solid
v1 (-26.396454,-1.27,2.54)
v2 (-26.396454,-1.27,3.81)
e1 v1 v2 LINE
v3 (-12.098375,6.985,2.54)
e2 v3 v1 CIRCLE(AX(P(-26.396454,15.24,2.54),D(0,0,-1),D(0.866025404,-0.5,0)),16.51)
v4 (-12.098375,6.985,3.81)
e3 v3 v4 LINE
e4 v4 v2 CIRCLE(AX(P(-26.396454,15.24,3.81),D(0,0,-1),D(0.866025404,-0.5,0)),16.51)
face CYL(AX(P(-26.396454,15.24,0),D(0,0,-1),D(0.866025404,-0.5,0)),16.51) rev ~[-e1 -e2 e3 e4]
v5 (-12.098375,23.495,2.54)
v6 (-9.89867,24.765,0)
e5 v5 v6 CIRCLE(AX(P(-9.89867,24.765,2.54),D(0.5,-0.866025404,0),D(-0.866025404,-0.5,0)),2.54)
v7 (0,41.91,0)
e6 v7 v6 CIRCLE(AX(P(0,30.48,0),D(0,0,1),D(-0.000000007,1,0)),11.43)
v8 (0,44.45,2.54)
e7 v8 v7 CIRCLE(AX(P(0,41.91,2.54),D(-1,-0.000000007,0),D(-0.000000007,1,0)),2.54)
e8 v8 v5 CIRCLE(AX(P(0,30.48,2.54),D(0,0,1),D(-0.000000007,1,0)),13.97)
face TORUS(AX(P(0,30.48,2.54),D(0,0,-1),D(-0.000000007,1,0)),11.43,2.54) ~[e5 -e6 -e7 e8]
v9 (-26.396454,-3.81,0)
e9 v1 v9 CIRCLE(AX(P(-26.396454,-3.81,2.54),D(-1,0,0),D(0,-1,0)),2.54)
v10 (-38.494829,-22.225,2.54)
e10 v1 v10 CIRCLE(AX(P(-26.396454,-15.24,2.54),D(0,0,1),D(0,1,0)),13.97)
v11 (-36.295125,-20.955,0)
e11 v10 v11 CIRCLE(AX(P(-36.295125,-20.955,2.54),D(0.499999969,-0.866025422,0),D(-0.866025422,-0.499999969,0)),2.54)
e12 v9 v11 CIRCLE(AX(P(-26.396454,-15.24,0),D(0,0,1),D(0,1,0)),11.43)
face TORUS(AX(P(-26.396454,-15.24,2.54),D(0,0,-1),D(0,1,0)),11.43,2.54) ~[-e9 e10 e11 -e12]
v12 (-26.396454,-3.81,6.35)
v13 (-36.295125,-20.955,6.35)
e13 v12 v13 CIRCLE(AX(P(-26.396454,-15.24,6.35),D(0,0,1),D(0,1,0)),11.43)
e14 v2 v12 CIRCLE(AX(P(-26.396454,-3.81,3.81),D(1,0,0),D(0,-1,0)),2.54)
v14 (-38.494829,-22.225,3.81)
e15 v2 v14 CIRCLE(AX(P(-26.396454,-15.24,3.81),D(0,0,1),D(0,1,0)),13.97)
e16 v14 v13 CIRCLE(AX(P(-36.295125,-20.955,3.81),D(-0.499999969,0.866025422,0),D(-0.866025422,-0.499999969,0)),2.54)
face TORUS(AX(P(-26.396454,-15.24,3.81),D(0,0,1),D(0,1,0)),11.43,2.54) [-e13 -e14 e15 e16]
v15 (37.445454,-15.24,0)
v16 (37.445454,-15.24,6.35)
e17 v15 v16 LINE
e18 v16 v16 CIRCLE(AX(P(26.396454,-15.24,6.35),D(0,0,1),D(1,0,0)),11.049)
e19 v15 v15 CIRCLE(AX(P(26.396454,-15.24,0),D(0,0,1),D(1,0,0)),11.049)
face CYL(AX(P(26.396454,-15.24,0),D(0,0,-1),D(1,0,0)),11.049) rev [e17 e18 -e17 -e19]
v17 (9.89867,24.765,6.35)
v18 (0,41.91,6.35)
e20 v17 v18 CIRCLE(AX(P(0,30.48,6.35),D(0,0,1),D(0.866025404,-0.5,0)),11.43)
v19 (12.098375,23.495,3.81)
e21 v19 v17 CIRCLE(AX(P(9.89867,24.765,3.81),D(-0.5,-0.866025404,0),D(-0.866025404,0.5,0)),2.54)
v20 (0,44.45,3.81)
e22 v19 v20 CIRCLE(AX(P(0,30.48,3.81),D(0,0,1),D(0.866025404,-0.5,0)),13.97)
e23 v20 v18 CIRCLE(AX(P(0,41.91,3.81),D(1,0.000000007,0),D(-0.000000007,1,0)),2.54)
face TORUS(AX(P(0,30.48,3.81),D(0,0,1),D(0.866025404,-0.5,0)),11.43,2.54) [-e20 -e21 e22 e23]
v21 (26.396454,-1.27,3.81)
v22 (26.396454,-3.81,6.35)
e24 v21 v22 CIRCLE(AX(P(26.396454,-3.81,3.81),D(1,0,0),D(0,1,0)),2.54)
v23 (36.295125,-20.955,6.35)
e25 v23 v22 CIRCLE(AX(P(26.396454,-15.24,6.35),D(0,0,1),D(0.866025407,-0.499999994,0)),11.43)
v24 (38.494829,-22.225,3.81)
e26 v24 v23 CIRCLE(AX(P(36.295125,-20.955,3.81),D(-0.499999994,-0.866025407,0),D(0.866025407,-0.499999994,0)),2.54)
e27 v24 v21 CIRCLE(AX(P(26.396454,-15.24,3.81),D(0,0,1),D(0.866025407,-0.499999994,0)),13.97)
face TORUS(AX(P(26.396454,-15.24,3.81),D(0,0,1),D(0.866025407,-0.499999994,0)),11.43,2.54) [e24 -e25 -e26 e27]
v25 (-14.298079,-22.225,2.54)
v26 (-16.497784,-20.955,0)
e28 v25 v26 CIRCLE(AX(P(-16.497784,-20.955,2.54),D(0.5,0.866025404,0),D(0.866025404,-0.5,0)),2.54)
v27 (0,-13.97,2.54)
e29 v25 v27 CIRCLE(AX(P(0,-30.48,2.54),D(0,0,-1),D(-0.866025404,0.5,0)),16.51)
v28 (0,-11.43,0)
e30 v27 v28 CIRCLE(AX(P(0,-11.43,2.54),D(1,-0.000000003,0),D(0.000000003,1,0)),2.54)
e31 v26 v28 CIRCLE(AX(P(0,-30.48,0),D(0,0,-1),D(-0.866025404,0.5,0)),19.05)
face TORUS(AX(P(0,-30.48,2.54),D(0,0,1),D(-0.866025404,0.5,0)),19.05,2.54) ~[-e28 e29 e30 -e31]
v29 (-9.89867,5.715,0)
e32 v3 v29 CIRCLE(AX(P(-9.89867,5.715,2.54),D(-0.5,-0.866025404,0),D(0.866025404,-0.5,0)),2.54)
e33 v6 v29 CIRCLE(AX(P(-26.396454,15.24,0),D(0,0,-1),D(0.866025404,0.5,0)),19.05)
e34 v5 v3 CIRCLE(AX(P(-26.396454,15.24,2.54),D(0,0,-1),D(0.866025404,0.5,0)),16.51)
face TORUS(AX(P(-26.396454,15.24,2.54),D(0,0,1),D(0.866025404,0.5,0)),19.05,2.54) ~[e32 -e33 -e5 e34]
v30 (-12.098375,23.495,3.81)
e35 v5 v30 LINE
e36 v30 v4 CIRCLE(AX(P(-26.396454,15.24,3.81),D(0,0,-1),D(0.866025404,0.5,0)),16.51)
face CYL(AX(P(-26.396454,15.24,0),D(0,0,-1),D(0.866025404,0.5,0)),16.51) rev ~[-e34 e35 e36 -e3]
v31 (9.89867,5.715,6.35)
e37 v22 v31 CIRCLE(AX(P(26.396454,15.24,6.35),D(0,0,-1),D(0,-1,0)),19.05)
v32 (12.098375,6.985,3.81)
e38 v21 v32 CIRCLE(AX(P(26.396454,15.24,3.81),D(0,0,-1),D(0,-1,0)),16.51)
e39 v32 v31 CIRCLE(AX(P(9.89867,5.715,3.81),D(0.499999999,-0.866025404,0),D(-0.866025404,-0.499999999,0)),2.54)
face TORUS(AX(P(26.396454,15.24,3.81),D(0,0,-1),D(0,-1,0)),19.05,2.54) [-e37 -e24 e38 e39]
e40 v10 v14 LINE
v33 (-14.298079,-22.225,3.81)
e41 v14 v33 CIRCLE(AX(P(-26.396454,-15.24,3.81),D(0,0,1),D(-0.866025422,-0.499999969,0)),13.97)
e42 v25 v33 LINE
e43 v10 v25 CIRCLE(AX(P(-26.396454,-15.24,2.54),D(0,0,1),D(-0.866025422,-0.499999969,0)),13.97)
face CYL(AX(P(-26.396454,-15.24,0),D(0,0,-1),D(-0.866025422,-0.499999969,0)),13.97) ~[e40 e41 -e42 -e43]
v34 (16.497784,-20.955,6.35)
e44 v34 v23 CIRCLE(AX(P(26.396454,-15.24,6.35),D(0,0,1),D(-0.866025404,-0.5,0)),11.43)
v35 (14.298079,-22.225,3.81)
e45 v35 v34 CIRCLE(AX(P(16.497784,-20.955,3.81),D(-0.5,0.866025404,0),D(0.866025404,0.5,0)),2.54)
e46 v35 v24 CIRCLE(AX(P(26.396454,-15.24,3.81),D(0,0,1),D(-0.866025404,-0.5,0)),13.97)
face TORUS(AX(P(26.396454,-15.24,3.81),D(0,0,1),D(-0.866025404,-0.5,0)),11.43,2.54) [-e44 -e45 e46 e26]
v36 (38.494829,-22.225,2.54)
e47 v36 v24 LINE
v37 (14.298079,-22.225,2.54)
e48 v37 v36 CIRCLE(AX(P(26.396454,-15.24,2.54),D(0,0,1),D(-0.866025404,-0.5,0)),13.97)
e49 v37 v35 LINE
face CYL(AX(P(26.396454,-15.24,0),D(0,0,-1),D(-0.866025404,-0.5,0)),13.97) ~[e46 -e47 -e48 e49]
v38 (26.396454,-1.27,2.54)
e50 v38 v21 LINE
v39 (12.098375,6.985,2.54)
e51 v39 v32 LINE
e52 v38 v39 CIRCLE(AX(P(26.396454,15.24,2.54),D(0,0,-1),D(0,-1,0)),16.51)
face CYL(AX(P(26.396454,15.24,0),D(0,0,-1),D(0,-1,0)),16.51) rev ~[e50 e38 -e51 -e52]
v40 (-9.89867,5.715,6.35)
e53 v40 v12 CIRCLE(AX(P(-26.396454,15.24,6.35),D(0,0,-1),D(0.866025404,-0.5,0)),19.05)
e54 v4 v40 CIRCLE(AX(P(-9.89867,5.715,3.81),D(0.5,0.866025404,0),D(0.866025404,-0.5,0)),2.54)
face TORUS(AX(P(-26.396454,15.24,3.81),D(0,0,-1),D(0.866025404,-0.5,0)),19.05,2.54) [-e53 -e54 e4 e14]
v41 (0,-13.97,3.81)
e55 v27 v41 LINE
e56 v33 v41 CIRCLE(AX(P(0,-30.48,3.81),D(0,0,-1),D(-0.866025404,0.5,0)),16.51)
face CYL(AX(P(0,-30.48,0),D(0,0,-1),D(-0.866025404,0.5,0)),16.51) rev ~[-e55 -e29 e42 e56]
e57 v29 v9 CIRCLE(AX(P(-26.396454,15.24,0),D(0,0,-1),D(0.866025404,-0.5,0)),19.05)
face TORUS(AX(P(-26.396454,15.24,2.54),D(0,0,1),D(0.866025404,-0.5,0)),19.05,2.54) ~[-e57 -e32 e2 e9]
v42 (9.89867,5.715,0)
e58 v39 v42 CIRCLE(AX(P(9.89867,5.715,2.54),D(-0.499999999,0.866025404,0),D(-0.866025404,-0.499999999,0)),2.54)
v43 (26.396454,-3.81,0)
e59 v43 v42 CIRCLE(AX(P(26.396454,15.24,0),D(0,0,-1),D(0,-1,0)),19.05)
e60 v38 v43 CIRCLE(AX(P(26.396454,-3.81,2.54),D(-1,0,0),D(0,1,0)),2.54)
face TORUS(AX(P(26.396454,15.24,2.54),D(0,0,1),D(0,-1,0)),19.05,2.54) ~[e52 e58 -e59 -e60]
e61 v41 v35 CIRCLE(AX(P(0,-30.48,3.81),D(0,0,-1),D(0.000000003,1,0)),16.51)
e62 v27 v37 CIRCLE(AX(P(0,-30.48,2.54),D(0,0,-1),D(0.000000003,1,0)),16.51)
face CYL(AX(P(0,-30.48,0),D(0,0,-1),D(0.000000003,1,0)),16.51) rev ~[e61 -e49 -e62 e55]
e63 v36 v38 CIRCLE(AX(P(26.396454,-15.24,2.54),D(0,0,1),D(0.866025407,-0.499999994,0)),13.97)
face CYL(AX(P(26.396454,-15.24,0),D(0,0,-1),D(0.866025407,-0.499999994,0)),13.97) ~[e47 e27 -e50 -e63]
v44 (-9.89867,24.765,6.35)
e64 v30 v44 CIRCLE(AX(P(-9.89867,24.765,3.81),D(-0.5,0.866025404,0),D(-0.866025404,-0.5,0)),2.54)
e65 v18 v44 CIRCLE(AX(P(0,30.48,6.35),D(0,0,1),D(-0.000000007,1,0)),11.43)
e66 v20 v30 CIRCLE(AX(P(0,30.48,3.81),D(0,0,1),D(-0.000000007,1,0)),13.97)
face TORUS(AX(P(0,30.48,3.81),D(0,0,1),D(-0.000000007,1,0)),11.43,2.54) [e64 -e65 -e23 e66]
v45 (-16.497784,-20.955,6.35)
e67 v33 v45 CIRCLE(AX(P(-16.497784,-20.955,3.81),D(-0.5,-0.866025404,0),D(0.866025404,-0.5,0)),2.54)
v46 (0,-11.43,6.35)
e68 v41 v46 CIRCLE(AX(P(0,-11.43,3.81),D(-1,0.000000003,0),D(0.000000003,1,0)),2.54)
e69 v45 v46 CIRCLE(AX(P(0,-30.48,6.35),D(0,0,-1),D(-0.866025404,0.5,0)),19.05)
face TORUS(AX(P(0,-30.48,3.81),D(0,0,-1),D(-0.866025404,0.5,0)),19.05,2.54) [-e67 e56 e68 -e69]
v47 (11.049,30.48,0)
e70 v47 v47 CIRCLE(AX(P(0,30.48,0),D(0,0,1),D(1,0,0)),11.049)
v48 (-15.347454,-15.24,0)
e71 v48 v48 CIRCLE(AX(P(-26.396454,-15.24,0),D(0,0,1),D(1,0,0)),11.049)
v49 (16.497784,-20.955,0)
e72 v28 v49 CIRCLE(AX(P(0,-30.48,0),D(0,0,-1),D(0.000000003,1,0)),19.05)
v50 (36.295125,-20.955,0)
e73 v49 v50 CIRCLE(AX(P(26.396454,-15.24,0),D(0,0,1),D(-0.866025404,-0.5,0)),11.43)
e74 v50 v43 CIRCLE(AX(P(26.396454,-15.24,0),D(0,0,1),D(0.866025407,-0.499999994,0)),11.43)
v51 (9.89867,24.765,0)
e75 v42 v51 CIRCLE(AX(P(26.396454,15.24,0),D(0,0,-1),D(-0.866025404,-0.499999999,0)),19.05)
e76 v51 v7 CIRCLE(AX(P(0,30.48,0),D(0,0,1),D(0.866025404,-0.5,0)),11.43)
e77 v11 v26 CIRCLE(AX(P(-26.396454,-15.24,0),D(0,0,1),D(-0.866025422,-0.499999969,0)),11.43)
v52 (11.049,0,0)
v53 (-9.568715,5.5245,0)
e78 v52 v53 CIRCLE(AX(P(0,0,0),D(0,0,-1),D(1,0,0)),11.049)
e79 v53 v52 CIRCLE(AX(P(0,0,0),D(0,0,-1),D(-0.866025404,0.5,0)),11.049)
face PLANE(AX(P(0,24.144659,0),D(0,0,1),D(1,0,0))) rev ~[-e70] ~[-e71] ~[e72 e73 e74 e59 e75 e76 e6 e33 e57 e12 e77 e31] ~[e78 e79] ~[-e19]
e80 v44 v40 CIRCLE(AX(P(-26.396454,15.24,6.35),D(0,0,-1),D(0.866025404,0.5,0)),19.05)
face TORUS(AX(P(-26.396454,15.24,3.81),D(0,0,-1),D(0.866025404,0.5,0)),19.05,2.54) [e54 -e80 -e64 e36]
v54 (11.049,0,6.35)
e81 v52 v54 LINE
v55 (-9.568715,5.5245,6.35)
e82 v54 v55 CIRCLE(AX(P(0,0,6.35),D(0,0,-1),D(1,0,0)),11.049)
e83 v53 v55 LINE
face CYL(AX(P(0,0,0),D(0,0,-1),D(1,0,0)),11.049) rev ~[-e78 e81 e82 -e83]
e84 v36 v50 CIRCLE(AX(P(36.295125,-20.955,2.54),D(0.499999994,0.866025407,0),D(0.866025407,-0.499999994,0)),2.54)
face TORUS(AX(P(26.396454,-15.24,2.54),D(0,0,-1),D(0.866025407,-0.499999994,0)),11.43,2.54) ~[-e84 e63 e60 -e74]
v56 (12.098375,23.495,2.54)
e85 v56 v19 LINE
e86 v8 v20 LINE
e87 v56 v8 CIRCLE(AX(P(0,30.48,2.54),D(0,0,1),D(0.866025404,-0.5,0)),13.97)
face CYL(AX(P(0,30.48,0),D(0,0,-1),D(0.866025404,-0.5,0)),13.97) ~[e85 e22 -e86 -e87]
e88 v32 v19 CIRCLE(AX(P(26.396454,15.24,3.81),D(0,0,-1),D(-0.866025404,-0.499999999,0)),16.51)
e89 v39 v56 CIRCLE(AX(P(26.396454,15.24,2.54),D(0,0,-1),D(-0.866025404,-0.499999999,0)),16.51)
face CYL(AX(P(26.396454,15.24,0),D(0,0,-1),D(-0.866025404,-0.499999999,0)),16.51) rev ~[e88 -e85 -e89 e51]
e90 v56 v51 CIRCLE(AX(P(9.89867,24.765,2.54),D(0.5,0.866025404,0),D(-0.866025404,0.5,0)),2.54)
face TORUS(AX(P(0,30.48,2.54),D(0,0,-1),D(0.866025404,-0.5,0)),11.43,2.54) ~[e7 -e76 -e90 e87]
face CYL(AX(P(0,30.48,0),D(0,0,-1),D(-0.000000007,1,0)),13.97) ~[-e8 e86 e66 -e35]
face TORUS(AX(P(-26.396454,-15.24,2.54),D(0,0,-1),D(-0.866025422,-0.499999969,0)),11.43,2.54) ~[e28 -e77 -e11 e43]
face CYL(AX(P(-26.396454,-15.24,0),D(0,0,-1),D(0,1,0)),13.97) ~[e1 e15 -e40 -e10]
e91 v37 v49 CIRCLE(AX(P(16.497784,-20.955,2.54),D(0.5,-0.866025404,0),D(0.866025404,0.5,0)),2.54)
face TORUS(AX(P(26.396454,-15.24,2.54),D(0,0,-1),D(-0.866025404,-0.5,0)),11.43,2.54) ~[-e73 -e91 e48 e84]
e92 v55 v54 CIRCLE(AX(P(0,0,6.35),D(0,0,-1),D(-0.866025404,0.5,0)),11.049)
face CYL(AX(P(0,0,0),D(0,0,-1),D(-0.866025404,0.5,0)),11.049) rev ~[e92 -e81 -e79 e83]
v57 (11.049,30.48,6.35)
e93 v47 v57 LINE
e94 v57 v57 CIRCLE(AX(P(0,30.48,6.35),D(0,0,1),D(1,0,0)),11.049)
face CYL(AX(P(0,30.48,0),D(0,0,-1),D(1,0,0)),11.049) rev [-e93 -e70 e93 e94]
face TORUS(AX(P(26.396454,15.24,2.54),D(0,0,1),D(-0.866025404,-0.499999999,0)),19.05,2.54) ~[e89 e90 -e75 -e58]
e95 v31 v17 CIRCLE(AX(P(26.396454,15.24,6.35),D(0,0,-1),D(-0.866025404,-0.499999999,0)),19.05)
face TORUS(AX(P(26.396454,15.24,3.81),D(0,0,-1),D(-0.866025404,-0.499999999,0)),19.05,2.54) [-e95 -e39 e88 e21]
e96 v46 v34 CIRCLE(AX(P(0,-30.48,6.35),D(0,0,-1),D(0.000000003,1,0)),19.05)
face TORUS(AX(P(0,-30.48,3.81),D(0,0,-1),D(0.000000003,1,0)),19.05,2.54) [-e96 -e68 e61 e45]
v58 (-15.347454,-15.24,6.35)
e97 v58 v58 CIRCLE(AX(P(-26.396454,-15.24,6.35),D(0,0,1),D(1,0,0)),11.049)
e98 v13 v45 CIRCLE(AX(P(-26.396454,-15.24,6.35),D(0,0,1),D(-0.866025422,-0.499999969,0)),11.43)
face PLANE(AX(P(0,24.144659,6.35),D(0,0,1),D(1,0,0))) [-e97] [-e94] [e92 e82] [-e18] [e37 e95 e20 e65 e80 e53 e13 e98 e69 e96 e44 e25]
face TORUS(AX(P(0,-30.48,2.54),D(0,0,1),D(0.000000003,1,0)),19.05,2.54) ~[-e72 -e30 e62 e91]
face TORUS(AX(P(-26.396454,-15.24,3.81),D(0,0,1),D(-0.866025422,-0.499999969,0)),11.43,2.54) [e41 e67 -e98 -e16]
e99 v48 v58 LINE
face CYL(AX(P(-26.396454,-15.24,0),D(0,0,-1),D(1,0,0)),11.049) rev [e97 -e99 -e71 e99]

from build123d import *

# Parameters (mm, degrees)
F0_R     = 11.049
F1_DEPTH = 6.35
F2_R     = 2.54


with BuildPart() as f1:
    # F0 (on Top) → F1 (new body)
    with BuildSketch(Plane.XY):
        with BuildLine():
            ThreePointArc((-12.0983748909, 23.495), (-9.8864543073, 15.24), (-12.0983748909, 6.985))
            ThreePointArc((-12.0983748909, 6.985), (-1.1e-08, 13.97), (12.0983748798, 6.9850000191))
            ThreePointArc((12.0983748798, 6.9850000191), (9.8864543073, 15.240000011), (12.0983748909, 23.495))
            ThreePointArc((12.0983748909, 23.495), (12.0983748658, 37.4650000434), (-1.001e-07, 44.45))
            ThreePointArc((-1.001e-07, 44.45), (-12.0983749159, 37.4649999566), (-12.0983748909, 23.495))
        make_face()
        with Locations((0, 30.48)):
            Circle(F0_R, mode=Mode.SUBTRACT)
        with BuildLine():
            ThreePointArc((4.33e-08, -13.97), (-12.09837488, -6.9850000188), (-12.0983748909, 6.985))
            ThreePointArc((-12.0983748909, 6.985), (-18.1414543073, 0.9419205835), (-26.3964543073, -1.27))
            ThreePointArc((-26.3964543073, -1.27), (-38.494829072, -8.2549997814), (-38.4948294507, -22.2249995628))
            ThreePointArc((-38.4948294507, -22.2249995628), (-26.3964545598, -29.21), (-14.2980794165, -22.225))
            ThreePointArc((-14.2980794165, -22.225), (-8.2549999812, -16.1819205727), (4.33e-08, -13.97))
        make_face()
        with Locations((-26.3964543073, -15.24)):
            Circle(F0_R, mode=Mode.SUBTRACT)
        with BuildLine():
            ThreePointArc((26.3964543073, -1.27), (18.1414542978, 0.941920589), (12.0983748798, 6.9850000191))
            ThreePointArc((12.0983748798, 6.9850000191), (13.4939837904, 3.6157020707), (13.97, 0))
            ThreePointArc((13.97, 0), (9.8782817485, -9.8782817179), (4.33e-08, -13.97))
            ThreePointArc((4.33e-08, -13.97), (8.2550000188, -16.1819205943), (14.2980794165, -22.225))
            ThreePointArc((14.2980794165, -22.225), (26.3964543569, -29.21), (38.4948292477, -22.2249999142))
            ThreePointArc((38.4948292477, -22.2249999142), (38.4948291735, -8.2549999571), (26.3964543073, -1.27))
        make_face()
        with Locations((26.3964543073, -15.24)):
            Circle(F0_R, mode=Mode.SUBTRACT)
        with BuildLine():
            ThreePointArc((12.0983748798, 6.9850000191), (-1.1e-08, 13.97), (-12.0983748909, 6.985))
            ThreePointArc((-12.0983748909, 6.985), (-12.09837488, -6.9850000188), (4.33e-08, -13.97))
            ThreePointArc((4.33e-08, -13.97), (9.8782817485, -9.8782817179), (13.97, 0))
            ThreePointArc((13.97, 0), (13.4939837904, 3.6157020707), (12.0983748798, 6.9850000191))
        make_face()
        with BuildLine():
            ThreePointArc((-9.5687146864, 5.5245), (2.8596916293, 10.6725144547), (11.049, 0))
            ThreePointArc((11.049, 0), (-2.8596916293, -10.6725144547), (-9.5687146864, 5.5245))
        make_face(mode=Mode.SUBTRACT)
    extrude(amount=F1_DEPTH)

    # F2
    f2_edges = [f1.edges().sort_by_distance(p)[0] for p in [
        (-38.494829, -22.225, 6.35),
        (-38.494829, -22.225, 0),
    ]]
    fillet(f2_edges, radius=F2_R)


solid = f1.part
